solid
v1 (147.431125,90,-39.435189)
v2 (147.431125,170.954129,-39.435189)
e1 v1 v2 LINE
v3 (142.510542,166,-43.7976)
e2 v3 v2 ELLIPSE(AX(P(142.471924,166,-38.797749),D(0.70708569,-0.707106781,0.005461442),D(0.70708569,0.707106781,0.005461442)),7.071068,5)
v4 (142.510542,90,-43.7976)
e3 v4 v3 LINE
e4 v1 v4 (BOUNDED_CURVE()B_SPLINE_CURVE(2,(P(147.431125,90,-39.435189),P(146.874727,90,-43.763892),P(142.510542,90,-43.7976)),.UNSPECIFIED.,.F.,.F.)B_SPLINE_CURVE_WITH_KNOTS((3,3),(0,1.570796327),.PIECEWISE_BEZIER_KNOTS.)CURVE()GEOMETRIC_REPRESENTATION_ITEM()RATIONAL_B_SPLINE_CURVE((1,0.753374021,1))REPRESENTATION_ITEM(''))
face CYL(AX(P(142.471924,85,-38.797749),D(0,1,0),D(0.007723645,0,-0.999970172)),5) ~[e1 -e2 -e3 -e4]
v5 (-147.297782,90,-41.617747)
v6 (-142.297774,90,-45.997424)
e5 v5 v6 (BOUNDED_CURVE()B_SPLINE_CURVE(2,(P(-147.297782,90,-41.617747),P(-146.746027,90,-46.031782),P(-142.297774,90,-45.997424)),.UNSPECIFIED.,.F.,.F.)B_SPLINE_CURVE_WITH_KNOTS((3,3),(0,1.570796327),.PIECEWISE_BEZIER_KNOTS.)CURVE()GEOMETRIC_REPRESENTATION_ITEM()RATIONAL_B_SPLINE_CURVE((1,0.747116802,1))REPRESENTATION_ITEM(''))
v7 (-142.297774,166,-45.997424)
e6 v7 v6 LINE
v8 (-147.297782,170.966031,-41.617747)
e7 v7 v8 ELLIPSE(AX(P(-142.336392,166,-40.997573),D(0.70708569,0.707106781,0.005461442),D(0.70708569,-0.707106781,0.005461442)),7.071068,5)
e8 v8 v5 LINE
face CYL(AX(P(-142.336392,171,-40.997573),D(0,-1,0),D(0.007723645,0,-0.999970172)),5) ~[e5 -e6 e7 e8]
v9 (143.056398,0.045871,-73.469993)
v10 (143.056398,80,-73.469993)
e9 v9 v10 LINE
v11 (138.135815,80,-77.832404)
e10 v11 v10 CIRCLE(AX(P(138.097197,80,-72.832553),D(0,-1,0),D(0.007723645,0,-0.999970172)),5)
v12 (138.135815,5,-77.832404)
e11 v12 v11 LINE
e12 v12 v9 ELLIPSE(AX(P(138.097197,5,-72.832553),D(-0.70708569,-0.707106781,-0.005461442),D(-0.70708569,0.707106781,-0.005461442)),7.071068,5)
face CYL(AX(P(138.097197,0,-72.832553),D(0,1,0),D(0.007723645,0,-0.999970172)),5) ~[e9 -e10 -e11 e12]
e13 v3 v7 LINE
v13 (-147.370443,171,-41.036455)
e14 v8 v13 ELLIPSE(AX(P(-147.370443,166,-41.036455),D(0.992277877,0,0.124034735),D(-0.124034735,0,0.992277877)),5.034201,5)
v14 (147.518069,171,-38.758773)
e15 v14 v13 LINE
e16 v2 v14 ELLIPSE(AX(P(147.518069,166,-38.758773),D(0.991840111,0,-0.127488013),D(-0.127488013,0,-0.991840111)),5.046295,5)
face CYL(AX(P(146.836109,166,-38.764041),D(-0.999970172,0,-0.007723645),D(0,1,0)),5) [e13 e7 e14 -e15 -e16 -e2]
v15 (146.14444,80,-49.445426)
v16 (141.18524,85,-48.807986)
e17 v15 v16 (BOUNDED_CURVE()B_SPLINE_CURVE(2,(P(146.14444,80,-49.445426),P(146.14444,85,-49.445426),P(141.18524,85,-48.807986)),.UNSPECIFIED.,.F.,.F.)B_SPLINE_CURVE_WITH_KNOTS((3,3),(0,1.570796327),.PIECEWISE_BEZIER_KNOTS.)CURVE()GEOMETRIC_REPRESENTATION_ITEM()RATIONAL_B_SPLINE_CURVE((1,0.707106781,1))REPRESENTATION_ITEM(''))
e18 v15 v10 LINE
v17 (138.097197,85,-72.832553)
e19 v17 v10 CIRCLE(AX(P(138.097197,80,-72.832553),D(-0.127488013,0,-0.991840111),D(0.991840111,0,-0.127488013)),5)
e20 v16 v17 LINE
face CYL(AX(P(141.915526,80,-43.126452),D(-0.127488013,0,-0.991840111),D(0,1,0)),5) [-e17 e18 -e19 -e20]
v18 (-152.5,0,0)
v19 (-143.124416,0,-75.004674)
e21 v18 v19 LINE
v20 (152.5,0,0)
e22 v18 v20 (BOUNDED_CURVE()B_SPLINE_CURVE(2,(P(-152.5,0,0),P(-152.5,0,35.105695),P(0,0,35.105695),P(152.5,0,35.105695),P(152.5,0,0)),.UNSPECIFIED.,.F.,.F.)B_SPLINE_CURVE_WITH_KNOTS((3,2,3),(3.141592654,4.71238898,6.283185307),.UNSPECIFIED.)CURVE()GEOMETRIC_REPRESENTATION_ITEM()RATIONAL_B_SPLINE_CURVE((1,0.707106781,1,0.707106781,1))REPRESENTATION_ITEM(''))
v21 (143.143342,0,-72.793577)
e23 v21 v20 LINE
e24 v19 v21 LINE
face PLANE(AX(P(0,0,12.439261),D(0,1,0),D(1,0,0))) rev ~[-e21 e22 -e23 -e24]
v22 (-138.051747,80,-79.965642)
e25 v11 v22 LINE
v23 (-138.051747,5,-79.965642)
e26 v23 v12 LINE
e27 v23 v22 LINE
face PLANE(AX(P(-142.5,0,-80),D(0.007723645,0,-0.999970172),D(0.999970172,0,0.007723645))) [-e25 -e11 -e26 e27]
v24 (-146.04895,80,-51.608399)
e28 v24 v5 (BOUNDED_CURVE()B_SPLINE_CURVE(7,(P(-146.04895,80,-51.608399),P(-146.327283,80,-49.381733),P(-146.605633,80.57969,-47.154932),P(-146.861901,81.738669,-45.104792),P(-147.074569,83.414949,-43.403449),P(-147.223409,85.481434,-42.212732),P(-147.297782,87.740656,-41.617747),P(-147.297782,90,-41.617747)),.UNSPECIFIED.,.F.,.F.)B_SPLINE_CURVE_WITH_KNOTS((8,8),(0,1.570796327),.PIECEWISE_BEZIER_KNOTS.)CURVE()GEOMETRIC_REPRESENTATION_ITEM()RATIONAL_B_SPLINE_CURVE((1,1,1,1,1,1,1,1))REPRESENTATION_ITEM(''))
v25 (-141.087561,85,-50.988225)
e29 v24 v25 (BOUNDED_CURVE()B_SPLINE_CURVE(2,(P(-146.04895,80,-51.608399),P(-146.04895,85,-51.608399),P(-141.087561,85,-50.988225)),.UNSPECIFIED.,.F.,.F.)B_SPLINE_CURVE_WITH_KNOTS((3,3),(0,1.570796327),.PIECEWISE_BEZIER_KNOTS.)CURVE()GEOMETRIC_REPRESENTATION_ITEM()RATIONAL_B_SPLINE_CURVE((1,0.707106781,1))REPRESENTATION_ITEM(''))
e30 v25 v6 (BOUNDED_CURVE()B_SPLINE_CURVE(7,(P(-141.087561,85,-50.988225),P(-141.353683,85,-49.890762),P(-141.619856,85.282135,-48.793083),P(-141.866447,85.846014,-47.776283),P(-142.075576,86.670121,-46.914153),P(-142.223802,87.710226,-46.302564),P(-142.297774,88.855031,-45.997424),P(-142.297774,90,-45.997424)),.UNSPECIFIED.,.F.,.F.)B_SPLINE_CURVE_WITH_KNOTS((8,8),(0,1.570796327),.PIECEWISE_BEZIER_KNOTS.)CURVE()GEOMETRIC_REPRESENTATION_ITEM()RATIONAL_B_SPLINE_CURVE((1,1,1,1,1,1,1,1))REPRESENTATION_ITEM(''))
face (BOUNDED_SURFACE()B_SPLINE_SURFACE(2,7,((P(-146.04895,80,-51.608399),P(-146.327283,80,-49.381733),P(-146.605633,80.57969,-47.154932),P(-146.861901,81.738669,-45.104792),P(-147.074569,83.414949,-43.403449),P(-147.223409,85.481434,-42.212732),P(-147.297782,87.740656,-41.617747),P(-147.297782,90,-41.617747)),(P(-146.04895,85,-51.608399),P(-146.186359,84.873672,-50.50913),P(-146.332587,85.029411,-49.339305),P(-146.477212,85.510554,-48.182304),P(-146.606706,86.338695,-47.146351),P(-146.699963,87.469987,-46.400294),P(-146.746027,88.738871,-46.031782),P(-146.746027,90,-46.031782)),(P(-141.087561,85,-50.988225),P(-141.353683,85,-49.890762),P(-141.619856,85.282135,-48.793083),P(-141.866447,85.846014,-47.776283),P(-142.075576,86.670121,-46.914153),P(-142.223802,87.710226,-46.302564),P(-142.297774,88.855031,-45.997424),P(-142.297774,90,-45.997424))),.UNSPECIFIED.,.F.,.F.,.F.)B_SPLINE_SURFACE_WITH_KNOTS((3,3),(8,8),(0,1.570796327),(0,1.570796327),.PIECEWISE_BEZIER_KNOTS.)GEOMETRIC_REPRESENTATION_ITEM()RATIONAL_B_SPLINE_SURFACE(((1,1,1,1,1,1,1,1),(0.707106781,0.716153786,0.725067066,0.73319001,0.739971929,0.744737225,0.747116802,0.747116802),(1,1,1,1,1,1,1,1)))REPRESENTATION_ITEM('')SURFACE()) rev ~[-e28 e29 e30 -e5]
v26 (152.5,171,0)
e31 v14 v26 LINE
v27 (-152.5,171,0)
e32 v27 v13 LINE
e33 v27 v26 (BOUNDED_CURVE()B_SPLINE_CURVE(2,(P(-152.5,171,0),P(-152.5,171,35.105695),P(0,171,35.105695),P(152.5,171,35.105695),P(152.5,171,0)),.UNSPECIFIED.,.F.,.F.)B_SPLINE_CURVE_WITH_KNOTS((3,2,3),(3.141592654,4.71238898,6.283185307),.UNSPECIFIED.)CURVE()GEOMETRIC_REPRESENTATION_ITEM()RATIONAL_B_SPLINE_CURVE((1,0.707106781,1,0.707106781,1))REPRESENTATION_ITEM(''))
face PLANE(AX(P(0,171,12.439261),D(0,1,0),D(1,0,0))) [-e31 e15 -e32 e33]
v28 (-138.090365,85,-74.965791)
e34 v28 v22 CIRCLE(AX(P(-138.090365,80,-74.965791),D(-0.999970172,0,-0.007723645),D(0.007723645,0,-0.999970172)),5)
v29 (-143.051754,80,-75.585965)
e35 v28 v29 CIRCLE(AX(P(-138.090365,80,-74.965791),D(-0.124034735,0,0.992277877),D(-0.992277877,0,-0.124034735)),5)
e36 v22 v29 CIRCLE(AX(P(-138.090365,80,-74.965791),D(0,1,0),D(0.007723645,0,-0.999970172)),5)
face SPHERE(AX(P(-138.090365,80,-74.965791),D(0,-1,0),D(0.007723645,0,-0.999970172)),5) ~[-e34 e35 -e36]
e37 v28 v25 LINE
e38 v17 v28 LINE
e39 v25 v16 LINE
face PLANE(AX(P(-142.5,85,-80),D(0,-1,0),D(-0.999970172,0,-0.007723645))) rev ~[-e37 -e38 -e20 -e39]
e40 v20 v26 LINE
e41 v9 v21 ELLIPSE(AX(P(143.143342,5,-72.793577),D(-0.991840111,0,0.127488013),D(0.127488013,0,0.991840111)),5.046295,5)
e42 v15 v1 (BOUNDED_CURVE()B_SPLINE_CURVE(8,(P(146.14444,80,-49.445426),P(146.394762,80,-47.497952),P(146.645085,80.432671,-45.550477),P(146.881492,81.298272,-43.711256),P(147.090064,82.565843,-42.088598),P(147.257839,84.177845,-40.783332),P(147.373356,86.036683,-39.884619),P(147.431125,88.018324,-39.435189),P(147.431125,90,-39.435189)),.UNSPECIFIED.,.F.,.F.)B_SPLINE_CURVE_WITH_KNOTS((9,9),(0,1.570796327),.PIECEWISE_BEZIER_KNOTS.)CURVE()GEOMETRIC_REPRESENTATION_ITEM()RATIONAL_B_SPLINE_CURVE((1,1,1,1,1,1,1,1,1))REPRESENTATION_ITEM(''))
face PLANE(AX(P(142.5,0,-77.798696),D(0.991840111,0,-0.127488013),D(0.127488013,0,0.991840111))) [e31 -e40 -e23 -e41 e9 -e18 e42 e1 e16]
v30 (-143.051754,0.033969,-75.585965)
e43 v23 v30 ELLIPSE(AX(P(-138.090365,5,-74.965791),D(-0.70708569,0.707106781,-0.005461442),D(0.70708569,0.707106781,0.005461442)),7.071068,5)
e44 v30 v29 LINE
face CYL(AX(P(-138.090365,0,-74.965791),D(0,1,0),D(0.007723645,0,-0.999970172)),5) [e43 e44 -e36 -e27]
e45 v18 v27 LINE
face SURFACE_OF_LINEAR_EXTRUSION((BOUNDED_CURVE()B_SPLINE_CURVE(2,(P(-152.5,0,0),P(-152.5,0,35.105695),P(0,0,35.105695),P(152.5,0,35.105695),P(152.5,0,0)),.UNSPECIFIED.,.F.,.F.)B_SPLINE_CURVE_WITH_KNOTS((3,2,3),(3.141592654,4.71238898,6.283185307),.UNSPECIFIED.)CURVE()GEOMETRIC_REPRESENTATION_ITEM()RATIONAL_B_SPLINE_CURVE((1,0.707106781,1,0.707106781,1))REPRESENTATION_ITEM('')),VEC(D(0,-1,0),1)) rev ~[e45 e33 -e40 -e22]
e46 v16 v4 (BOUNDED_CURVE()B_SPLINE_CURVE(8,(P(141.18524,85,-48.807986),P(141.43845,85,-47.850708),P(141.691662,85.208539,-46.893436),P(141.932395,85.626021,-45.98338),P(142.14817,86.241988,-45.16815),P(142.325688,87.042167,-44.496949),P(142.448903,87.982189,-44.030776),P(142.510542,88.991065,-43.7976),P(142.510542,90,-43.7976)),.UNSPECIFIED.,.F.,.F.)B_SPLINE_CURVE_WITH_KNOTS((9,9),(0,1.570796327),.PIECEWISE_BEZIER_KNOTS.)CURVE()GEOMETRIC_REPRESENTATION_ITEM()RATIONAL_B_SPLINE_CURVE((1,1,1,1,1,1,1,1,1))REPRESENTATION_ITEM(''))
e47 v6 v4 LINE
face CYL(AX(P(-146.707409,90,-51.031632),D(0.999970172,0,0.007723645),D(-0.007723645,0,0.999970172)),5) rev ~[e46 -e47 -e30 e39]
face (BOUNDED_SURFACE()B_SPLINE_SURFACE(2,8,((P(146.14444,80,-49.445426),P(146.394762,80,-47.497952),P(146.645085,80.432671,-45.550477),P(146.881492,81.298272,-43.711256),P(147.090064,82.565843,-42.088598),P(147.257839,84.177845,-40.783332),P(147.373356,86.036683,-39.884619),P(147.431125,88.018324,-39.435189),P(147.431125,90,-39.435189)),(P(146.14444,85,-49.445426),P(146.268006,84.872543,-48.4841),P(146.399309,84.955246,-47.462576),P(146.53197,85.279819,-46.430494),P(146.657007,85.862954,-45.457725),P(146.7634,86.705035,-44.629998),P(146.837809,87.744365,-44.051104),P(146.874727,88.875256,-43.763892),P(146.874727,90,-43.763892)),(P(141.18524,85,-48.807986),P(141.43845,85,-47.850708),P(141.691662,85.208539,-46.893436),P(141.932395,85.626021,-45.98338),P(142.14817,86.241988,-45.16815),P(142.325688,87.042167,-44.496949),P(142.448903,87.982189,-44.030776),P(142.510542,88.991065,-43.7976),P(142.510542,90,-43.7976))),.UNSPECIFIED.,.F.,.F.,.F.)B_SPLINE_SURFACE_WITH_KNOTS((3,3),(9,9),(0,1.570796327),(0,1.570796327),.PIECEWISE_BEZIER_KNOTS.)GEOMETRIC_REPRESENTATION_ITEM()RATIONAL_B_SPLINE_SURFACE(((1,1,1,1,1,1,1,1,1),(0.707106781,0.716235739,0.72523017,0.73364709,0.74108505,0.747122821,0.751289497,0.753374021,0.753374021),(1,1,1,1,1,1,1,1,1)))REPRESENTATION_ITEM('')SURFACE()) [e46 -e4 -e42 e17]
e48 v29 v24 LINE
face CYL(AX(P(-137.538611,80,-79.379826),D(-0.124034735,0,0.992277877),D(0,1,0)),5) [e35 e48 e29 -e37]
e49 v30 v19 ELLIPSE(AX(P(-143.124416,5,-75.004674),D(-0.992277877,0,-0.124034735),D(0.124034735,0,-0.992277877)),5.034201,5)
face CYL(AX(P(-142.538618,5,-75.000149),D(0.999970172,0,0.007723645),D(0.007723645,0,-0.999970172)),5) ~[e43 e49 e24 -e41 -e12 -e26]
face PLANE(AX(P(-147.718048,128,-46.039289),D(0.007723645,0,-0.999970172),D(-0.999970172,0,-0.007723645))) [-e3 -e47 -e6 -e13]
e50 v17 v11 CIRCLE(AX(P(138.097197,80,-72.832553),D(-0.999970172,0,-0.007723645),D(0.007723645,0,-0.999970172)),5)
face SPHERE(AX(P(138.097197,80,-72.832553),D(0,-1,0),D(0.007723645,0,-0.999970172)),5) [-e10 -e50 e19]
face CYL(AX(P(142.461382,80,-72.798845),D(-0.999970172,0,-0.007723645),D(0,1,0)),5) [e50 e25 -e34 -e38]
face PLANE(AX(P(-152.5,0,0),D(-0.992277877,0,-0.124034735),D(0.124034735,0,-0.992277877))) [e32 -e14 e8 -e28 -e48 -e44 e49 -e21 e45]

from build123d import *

# Parameters (mm, degrees)
BOSS_EXTRUDE1_DEPTH = 171
SKETCH2_W           = 285.008501173
SKETCH2_H           = 86
CUT_EXTRUDE1_DEPTH  = 34
SKETCH2_4_W         = 9.911182985
SKETCH2_4_H         = 86
CUT_EXTRUDE3_DEPTH  = 34
FILLET2_R           = 5


with BuildPart() as part:
    # Sketch1 → Boss-Extrude1 (new body)
    with BuildSketch(Plane(origin=(0, 0, 0), x_dir=(1, 0, 0), z_dir=(0, 1, 0))):
        with BuildLine():
            Line((-142.5, 80), (-152.5, 0))
            add(Edge.make_bspline(
                [(-152.5, 0), (-152.5, -35.105695045), (0, -35.105695045), (152.5, -35.105695045), (152.5, 0)],
                knots=[3.141592654, 3.141592654, 3.141592654, 4.71238898, 4.71238898, 6.283185307, 6.283185307, 6.283185307], degree=2, weights=[1, 0.707106781, 1, 0.707106781, 1]))
            Line((152.5, 0), (142.5, 77.798695585))
            Line((142.5, 77.798695585), (-142.5, 80))
        make_face()
    extrude(amount=BOSS_EXTRUDE1_DEPTH)

    # Sketch2 → Cut-Extrude1 (cut)
    with BuildSketch(Plane(origin=(0.609372357, 0, -78.894641077), x_dir=(-0.999970172211013, 0, -0.00772364475341999), z_dir=(0.00772364475341999, 0, -0.999970172211013))):
        with Locations((0.609390534, 128)):
            Rectangle(SKETCH2_W, SKETCH2_H)
    extrude(amount=-CUT_EXTRUDE1_DEPTH, mode=Mode.SUBTRACT)

    # Sketch2<4> → Cut-Extrude3 (cut)
    with BuildSketch(Plane(origin=(0.609372357, 0, -78.894641077), x_dir=(-0.999970172211013, 0, -0.00772364475341999), z_dir=(0.00772364475341999, 0, -0.999970172211013))):
        Polygon((-152.3840102, 85), (-141.894860053, 85), (-141.894860053, 171), (-152.3840102, 171.36474149), align=None)
        with Locations((148.069232613, 128)):
            Rectangle(SKETCH2_4_W, SKETCH2_4_H)
    extrude(amount=-CUT_EXTRUDE3_DEPTH, mode=Mode.SUBTRACT)

    # Fillet2
    fillet2_edges = [part.edges().sort_by_distance(p)[0] for p in [
        (146.874726821, 128, -43.763891566),
        (-146.746027299, 128, -46.03178161),
        (-142.5, 42.5, -80),
        (0, 0, -78.899347793),
        (142.5, 42.5, -77.798695585),
        (0, 85, -78.899347793),
        (0.064349761, 171, -44.897836588),
        (144.68736341, 85, -60.781293576),
        (-144.623013649, 85, -63.015890805),
        (0.064349761, 85, -44.897836588),
    ]]
    fillet(fillet2_edges, radius=FILLET2_R)


solid = part.part
